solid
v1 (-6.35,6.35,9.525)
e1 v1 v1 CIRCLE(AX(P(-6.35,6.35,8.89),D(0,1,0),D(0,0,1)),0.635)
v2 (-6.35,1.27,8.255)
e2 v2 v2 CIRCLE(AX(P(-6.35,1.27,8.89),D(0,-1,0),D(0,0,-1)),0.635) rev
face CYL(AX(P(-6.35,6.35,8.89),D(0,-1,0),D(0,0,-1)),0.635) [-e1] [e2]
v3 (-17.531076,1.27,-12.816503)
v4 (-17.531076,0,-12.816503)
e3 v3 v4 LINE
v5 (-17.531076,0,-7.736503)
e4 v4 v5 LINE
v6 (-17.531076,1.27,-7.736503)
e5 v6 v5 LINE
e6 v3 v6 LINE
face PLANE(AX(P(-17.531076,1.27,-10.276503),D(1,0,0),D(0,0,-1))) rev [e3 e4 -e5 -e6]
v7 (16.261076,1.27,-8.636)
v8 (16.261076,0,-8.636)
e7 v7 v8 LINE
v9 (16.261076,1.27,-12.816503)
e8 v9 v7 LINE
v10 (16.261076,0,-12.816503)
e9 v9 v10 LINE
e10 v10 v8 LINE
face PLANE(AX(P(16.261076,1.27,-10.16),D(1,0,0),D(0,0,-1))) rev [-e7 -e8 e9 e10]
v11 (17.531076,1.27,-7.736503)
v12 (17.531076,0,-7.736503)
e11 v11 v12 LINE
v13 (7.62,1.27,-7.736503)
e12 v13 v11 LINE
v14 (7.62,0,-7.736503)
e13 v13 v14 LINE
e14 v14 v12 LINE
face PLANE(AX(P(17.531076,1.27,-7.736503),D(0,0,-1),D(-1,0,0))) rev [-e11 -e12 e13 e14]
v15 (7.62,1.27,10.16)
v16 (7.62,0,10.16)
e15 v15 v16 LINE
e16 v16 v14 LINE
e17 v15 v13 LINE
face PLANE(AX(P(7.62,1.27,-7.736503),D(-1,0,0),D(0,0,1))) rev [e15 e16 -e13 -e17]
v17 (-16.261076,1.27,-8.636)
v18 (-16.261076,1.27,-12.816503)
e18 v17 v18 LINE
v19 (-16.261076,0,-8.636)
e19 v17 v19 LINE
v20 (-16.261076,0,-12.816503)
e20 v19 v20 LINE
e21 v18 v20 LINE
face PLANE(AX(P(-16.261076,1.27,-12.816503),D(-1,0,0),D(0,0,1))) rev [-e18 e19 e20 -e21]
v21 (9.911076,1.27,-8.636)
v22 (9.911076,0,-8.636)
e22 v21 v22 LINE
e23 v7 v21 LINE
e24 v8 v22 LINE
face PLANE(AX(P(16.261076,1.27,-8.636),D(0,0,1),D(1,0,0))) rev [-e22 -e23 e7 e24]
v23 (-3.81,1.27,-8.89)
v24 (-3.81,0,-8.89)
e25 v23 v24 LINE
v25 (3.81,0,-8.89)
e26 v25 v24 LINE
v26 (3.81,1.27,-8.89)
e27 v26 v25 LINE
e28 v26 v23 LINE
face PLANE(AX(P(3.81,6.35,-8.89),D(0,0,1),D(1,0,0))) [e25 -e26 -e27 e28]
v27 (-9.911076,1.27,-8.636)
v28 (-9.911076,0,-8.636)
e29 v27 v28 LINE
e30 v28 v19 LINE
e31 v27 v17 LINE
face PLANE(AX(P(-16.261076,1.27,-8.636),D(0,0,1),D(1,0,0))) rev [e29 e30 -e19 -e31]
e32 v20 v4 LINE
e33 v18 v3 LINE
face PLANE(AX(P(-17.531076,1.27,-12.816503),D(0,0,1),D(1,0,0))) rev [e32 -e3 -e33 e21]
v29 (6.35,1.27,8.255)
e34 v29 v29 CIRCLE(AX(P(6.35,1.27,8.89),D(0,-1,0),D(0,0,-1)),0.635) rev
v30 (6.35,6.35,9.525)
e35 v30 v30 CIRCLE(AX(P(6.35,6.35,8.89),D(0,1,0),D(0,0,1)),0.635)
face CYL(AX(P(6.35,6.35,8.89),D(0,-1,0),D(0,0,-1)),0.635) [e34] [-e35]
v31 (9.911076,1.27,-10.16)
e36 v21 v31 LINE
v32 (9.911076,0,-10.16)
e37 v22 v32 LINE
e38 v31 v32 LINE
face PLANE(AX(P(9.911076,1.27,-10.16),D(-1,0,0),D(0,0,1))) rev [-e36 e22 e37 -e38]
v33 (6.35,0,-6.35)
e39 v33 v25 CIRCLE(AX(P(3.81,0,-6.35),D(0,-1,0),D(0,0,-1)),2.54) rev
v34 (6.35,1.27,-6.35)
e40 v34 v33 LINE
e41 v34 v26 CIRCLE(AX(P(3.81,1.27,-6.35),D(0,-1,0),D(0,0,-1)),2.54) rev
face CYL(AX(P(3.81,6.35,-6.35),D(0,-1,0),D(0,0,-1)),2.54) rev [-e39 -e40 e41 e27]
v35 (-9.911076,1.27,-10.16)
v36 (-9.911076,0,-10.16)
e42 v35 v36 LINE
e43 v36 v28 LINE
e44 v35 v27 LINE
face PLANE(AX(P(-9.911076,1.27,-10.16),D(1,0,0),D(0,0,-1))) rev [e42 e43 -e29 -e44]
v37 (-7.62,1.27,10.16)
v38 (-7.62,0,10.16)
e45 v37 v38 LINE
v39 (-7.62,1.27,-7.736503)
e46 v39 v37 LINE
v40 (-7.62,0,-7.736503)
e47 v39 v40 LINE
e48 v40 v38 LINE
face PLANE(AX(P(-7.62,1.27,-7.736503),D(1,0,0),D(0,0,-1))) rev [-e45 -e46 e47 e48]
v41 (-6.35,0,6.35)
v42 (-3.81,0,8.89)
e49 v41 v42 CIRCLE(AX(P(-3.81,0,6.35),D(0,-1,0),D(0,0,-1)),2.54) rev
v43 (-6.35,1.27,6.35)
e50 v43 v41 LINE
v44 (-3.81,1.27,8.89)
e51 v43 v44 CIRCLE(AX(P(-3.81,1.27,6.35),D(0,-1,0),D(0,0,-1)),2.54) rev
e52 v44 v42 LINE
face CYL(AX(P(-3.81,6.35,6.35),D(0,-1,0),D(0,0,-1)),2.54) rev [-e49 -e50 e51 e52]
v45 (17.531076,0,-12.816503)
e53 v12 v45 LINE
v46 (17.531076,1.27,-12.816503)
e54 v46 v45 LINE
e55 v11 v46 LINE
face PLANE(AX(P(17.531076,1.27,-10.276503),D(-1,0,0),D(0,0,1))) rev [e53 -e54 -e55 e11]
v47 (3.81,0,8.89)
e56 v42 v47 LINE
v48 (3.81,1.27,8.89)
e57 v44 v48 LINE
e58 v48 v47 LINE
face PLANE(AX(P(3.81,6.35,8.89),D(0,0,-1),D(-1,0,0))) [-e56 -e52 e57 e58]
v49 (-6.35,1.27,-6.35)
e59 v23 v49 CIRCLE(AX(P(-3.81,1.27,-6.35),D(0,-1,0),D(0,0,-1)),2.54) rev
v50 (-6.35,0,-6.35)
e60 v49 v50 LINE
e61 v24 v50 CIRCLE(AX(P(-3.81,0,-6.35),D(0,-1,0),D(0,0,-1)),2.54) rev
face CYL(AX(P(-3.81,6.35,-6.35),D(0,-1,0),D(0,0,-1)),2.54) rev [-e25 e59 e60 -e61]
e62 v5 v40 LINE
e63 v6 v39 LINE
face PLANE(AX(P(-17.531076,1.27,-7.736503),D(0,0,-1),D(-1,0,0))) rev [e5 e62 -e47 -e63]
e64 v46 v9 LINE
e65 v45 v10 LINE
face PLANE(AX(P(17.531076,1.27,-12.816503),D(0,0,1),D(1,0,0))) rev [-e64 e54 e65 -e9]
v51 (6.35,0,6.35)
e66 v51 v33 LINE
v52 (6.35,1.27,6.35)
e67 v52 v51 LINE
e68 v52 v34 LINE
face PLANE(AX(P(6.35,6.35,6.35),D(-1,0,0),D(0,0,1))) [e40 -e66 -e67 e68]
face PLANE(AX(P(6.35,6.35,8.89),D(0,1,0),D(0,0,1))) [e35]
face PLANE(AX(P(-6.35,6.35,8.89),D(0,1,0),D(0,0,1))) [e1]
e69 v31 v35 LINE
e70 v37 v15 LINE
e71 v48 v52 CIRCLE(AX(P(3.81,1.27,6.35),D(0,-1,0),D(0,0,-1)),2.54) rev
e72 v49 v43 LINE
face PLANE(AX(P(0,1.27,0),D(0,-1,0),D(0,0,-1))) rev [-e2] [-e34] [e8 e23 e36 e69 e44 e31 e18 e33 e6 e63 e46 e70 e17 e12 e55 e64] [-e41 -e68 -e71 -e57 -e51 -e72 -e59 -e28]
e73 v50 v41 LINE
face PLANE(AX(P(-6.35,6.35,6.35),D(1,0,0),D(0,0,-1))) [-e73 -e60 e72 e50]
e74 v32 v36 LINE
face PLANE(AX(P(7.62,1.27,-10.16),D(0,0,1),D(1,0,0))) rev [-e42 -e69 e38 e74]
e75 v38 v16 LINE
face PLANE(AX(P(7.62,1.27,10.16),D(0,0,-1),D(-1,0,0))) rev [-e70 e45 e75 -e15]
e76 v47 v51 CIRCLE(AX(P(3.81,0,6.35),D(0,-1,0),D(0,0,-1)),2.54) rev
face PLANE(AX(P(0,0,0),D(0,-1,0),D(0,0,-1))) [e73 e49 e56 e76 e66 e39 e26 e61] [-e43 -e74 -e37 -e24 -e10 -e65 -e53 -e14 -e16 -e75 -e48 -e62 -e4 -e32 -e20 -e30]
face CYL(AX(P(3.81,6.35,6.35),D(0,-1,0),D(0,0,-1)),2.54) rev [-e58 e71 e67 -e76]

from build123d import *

# Parameters (mm, degrees)
BOSS_EXTRUDE2_DEPTH     = 1.27
SKETCH3_R               = 0.635
BOSS_EXTRUDE3_DEPTH     = 6.35
CUT_EXTRUDE1_DEPTH      = 6.35
CUT_EXTRUDE1_DEPTH_BACK = 6.35


with BuildPart() as part:
    # Sketch1 → Boss-Extrude2 (new body)
    with BuildSketch(Plane(origin=(0, 0, 0), x_dir=(1, 0, 0), z_dir=(0, 1, 0))):
        Polygon((7.62, -10.16), (-7.62, -10.16), (-7.62, 7.736503278), (-17.531075881, 7.736503278), (-17.531075881, 10.276503278), (-17.531075881, 12.816503278), (-16.261075881, 12.816503278), (-16.261075881, 10.16), (-16.261075881, 8.636), (-9.911075881, 8.636), (-9.911075881, 10.16), (-7.62, 10.16), (7.62, 10.16), (9.911075881, 10.16), (9.911075881, 8.636), (16.261075881, 8.636), (16.261075881, 10.16), (16.261075881, 12.816503278), (17.531075881, 12.816503278), (17.531075881, 10.276503278), (17.531075881, 7.736503278), (7.62, 7.736503278), align=None)
    extrude(amount=BOSS_EXTRUDE2_DEPTH)

    # Sketch3 → Boss-Extrude3 (add)
    with BuildSketch(Plane(origin=(0, 0, 0), x_dir=(1, 0, 0), z_dir=(0, 1, 0))):
        with Locations((-6.35, -8.89)):
            Circle(SKETCH3_R)
        with Locations((6.35, -8.89)):
            Circle(SKETCH3_R)
    extrude(amount=BOSS_EXTRUDE3_DEPTH)

    # Sketch4 → Cut-Extrude1 (cut, two sides)
    with BuildSketch(Plane(origin=(0, 0, 0), x_dir=(1, 0, 0), z_dir=(0, 1, 0))) as cut_extrude1_sk:
        with BuildLine():
            Line((3.81, -8.89), (-3.81, -8.89))
            ThreePointArc((-3.81, -8.89), (-5.606051224, -8.146051224), (-6.35, -6.35))
            Line((-6.35, -6.35), (-6.35, 6.35))
            ThreePointArc((-6.35, 6.35), (-5.606051224, 8.146051224), (-3.81, 8.89))
            Line((-3.81, 8.89), (3.81, 8.89))
            ThreePointArc((3.81, 8.89), (5.606051224, 8.146051224), (6.35, 6.35))
            Line((6.35, 6.35), (6.35, -6.35))
            ThreePointArc((6.35, -6.35), (5.606051224, -8.146051224), (3.81, -8.89))
        make_face()
    extrude(amount=CUT_EXTRUDE1_DEPTH, mode=Mode.SUBTRACT)
    extrude(cut_extrude1_sk.sketch, amount=-CUT_EXTRUDE1_DEPTH_BACK, mode=Mode.SUBTRACT)


solid = part.part
